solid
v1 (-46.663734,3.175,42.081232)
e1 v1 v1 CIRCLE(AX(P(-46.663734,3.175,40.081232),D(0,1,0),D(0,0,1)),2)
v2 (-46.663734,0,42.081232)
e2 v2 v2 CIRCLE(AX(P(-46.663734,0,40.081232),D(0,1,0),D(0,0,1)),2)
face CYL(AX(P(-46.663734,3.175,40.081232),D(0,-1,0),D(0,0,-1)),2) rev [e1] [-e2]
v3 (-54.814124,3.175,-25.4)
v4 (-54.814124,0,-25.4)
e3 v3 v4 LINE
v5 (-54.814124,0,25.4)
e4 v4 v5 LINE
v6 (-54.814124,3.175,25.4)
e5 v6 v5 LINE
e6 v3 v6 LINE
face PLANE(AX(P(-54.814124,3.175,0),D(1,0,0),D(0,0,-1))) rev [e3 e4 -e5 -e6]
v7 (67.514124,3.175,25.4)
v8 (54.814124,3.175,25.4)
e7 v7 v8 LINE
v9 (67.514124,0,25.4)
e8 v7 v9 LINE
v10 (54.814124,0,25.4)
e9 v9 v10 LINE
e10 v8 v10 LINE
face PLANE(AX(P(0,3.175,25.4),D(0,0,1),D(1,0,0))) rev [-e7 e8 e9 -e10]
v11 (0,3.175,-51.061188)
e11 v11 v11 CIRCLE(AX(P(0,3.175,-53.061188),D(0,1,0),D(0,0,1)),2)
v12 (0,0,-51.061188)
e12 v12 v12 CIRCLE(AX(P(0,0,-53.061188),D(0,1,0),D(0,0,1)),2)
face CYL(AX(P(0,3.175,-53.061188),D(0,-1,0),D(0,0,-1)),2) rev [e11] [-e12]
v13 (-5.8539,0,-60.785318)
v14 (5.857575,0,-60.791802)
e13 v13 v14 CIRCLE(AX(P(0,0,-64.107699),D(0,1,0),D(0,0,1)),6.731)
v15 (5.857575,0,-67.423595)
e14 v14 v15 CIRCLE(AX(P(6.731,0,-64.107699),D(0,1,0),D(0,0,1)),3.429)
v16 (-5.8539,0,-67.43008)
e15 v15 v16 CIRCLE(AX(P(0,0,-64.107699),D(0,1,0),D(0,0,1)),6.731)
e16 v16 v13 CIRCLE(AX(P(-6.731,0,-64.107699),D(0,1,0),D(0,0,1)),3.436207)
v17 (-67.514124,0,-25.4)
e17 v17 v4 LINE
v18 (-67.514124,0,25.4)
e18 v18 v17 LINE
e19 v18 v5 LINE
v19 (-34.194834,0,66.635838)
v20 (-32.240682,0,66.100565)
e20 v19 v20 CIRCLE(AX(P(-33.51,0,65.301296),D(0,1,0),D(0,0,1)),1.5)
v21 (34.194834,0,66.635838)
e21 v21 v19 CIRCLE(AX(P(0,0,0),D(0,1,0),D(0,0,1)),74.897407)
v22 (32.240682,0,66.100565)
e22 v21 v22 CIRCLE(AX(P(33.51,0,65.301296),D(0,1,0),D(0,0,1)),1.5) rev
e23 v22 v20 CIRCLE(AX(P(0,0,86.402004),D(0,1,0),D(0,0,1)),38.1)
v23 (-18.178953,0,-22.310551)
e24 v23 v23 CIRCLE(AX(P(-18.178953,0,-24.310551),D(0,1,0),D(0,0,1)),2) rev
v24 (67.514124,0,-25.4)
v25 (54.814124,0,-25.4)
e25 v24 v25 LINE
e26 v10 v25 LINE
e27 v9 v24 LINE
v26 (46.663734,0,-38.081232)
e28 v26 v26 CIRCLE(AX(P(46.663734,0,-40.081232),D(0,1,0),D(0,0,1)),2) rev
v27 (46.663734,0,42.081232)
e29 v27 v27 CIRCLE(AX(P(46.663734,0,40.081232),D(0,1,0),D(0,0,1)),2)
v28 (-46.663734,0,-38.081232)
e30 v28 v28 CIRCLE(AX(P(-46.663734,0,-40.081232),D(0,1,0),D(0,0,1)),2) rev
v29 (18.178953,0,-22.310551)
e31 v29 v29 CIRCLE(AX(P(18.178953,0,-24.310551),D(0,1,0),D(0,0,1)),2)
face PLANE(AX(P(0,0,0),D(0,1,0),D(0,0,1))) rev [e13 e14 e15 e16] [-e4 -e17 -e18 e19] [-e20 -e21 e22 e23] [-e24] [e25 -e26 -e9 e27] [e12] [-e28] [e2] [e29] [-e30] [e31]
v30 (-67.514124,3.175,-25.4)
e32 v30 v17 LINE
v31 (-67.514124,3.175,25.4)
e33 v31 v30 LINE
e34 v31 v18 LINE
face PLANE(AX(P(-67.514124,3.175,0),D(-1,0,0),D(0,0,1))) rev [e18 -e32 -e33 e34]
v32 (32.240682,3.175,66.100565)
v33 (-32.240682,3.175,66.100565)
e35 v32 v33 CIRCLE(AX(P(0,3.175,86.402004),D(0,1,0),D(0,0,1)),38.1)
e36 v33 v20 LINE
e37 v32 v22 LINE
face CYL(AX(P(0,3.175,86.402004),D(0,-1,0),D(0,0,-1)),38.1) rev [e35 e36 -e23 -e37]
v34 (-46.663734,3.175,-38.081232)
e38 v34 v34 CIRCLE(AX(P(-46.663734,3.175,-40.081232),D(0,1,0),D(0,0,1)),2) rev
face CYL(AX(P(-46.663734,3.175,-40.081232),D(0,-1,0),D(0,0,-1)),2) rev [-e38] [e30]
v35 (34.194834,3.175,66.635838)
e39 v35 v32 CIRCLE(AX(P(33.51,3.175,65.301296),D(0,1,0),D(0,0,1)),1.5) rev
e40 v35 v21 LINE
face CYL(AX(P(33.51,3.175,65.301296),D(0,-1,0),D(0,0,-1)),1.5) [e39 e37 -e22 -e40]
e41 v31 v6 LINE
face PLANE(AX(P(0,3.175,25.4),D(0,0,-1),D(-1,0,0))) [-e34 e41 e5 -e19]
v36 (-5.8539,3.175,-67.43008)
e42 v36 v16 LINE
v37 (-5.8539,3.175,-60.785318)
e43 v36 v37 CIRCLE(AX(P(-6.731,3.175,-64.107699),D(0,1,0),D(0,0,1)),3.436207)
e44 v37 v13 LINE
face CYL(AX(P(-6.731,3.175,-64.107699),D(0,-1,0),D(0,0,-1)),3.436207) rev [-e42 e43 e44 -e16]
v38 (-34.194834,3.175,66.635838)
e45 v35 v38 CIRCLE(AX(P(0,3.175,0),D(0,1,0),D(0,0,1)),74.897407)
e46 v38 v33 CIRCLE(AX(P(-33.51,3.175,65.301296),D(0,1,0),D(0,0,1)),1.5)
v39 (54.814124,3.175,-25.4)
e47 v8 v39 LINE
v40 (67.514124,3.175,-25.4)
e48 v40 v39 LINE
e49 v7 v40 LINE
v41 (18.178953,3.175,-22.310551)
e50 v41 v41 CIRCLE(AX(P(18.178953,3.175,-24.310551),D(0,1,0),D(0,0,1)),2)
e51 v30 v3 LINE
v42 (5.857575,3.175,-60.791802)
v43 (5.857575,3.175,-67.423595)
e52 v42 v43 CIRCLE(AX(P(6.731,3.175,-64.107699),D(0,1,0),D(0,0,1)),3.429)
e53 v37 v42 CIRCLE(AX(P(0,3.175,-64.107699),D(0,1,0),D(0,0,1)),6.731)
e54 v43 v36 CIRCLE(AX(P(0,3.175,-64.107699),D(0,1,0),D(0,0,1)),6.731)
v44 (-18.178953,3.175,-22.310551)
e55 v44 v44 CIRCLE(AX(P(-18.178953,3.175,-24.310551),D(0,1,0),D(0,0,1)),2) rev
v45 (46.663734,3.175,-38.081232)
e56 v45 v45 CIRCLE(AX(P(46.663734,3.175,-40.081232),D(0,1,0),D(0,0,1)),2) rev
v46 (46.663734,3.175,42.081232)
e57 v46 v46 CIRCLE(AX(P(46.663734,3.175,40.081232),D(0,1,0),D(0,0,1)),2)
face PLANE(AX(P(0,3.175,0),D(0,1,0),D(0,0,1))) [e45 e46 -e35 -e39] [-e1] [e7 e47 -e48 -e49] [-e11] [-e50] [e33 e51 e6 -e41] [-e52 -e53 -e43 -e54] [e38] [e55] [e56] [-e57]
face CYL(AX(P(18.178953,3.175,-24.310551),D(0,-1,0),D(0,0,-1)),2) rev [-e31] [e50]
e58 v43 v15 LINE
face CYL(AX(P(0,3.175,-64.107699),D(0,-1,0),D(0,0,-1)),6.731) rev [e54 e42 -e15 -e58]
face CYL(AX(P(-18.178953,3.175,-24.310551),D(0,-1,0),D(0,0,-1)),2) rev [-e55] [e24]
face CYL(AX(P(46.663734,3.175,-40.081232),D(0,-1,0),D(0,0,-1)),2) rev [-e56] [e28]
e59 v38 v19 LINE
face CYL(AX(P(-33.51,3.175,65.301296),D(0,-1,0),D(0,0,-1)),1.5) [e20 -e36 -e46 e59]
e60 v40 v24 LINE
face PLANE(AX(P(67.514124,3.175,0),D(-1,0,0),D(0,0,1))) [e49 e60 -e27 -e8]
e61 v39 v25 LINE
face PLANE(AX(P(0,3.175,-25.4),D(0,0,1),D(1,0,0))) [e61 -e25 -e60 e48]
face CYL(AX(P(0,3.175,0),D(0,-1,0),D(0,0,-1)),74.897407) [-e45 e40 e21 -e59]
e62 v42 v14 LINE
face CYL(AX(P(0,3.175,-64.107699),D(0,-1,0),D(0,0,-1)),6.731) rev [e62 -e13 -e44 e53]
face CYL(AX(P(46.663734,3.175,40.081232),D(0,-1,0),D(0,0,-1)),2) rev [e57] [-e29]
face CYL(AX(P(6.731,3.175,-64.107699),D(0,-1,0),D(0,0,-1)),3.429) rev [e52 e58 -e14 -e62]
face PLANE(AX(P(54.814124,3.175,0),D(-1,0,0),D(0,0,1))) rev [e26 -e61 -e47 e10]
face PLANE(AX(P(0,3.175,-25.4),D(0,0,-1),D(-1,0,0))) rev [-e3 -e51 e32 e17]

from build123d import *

# Parameters (mm, degrees)
SKETCH1_R           = 2
SKETCH1_W           = 12.7
SKETCH1_H           = 50.8
BOSS_EXTRUDE3_DEPTH = 3.175


with BuildPart() as part:
    # Sketch1 → Boss-Extrude3 (new body)
    with BuildSketch(Plane(origin=(0, 0, 0), x_dir=(1, 0, 0), z_dir=(0, 1, 0))):
        with BuildLine():
            ThreePointArc((34.194833578, -66.63583839), (33.11372382, -66.748004461), (32.240681933, -66.10056535))
            ThreePointArc((32.240681933, -66.10056535), (0, -48.302004425), (-32.240681933, -66.10056535))
            ThreePointArc((-32.240681933, -66.10056535), (-33.11372382, -66.748004461), (-34.194833578, -66.63583839))
            ThreePointArc((-34.194833578, -66.63583839), (0, 74.897407173), (34.194833578, -66.63583839))
        make_face()
        with Locations((0, 53.061187965)):
            Circle(SKETCH1_R, mode=Mode.SUBTRACT)
        with Locations((18.178952795, 24.310551096)):
            Circle(SKETCH1_R, mode=Mode.SUBTRACT)
        with Locations((46.663733983, 40.081231883)):
            Circle(SKETCH1_R, mode=Mode.SUBTRACT)
        with Locations((46.663733983, -40.081231883)):
            Circle(SKETCH1_R, mode=Mode.SUBTRACT)
        with Locations((-46.663733983, -40.081231883)):
            Circle(SKETCH1_R, mode=Mode.SUBTRACT)
        with Locations((-18.178952795, 24.310551096)):
            Circle(SKETCH1_R, mode=Mode.SUBTRACT)
        with Locations((-46.663733983, 40.081231883)):
            Circle(SKETCH1_R, mode=Mode.SUBTRACT)
        with Locations((61.164123727, 0)):
            Rectangle(SKETCH1_W, SKETCH1_H, mode=Mode.SUBTRACT)
        with Locations((-61.164123727, 0)):
            Rectangle(SKETCH1_W, SKETCH1_H, mode=Mode.SUBTRACT)
        with BuildLine():
            ThreePointArc((-5.853899988, 60.78531778), (0.003726822, 57.376699875), (5.857575472, 60.791802193))
            ThreePointArc((5.857575472, 60.791802193), (10.16, 64.107698843), (5.857575472, 67.423595493))
            ThreePointArc((5.857575472, 67.423595493), (0.003726822, 70.838697812), (-5.853899988, 67.430079907))
            ThreePointArc((-5.853899988, 67.430079907), (-10.167207264, 64.107698843), (-5.853899988, 60.78531778))
        make_face(mode=Mode.SUBTRACT)
    extrude(amount=BOSS_EXTRUDE3_DEPTH)


solid = part.part
